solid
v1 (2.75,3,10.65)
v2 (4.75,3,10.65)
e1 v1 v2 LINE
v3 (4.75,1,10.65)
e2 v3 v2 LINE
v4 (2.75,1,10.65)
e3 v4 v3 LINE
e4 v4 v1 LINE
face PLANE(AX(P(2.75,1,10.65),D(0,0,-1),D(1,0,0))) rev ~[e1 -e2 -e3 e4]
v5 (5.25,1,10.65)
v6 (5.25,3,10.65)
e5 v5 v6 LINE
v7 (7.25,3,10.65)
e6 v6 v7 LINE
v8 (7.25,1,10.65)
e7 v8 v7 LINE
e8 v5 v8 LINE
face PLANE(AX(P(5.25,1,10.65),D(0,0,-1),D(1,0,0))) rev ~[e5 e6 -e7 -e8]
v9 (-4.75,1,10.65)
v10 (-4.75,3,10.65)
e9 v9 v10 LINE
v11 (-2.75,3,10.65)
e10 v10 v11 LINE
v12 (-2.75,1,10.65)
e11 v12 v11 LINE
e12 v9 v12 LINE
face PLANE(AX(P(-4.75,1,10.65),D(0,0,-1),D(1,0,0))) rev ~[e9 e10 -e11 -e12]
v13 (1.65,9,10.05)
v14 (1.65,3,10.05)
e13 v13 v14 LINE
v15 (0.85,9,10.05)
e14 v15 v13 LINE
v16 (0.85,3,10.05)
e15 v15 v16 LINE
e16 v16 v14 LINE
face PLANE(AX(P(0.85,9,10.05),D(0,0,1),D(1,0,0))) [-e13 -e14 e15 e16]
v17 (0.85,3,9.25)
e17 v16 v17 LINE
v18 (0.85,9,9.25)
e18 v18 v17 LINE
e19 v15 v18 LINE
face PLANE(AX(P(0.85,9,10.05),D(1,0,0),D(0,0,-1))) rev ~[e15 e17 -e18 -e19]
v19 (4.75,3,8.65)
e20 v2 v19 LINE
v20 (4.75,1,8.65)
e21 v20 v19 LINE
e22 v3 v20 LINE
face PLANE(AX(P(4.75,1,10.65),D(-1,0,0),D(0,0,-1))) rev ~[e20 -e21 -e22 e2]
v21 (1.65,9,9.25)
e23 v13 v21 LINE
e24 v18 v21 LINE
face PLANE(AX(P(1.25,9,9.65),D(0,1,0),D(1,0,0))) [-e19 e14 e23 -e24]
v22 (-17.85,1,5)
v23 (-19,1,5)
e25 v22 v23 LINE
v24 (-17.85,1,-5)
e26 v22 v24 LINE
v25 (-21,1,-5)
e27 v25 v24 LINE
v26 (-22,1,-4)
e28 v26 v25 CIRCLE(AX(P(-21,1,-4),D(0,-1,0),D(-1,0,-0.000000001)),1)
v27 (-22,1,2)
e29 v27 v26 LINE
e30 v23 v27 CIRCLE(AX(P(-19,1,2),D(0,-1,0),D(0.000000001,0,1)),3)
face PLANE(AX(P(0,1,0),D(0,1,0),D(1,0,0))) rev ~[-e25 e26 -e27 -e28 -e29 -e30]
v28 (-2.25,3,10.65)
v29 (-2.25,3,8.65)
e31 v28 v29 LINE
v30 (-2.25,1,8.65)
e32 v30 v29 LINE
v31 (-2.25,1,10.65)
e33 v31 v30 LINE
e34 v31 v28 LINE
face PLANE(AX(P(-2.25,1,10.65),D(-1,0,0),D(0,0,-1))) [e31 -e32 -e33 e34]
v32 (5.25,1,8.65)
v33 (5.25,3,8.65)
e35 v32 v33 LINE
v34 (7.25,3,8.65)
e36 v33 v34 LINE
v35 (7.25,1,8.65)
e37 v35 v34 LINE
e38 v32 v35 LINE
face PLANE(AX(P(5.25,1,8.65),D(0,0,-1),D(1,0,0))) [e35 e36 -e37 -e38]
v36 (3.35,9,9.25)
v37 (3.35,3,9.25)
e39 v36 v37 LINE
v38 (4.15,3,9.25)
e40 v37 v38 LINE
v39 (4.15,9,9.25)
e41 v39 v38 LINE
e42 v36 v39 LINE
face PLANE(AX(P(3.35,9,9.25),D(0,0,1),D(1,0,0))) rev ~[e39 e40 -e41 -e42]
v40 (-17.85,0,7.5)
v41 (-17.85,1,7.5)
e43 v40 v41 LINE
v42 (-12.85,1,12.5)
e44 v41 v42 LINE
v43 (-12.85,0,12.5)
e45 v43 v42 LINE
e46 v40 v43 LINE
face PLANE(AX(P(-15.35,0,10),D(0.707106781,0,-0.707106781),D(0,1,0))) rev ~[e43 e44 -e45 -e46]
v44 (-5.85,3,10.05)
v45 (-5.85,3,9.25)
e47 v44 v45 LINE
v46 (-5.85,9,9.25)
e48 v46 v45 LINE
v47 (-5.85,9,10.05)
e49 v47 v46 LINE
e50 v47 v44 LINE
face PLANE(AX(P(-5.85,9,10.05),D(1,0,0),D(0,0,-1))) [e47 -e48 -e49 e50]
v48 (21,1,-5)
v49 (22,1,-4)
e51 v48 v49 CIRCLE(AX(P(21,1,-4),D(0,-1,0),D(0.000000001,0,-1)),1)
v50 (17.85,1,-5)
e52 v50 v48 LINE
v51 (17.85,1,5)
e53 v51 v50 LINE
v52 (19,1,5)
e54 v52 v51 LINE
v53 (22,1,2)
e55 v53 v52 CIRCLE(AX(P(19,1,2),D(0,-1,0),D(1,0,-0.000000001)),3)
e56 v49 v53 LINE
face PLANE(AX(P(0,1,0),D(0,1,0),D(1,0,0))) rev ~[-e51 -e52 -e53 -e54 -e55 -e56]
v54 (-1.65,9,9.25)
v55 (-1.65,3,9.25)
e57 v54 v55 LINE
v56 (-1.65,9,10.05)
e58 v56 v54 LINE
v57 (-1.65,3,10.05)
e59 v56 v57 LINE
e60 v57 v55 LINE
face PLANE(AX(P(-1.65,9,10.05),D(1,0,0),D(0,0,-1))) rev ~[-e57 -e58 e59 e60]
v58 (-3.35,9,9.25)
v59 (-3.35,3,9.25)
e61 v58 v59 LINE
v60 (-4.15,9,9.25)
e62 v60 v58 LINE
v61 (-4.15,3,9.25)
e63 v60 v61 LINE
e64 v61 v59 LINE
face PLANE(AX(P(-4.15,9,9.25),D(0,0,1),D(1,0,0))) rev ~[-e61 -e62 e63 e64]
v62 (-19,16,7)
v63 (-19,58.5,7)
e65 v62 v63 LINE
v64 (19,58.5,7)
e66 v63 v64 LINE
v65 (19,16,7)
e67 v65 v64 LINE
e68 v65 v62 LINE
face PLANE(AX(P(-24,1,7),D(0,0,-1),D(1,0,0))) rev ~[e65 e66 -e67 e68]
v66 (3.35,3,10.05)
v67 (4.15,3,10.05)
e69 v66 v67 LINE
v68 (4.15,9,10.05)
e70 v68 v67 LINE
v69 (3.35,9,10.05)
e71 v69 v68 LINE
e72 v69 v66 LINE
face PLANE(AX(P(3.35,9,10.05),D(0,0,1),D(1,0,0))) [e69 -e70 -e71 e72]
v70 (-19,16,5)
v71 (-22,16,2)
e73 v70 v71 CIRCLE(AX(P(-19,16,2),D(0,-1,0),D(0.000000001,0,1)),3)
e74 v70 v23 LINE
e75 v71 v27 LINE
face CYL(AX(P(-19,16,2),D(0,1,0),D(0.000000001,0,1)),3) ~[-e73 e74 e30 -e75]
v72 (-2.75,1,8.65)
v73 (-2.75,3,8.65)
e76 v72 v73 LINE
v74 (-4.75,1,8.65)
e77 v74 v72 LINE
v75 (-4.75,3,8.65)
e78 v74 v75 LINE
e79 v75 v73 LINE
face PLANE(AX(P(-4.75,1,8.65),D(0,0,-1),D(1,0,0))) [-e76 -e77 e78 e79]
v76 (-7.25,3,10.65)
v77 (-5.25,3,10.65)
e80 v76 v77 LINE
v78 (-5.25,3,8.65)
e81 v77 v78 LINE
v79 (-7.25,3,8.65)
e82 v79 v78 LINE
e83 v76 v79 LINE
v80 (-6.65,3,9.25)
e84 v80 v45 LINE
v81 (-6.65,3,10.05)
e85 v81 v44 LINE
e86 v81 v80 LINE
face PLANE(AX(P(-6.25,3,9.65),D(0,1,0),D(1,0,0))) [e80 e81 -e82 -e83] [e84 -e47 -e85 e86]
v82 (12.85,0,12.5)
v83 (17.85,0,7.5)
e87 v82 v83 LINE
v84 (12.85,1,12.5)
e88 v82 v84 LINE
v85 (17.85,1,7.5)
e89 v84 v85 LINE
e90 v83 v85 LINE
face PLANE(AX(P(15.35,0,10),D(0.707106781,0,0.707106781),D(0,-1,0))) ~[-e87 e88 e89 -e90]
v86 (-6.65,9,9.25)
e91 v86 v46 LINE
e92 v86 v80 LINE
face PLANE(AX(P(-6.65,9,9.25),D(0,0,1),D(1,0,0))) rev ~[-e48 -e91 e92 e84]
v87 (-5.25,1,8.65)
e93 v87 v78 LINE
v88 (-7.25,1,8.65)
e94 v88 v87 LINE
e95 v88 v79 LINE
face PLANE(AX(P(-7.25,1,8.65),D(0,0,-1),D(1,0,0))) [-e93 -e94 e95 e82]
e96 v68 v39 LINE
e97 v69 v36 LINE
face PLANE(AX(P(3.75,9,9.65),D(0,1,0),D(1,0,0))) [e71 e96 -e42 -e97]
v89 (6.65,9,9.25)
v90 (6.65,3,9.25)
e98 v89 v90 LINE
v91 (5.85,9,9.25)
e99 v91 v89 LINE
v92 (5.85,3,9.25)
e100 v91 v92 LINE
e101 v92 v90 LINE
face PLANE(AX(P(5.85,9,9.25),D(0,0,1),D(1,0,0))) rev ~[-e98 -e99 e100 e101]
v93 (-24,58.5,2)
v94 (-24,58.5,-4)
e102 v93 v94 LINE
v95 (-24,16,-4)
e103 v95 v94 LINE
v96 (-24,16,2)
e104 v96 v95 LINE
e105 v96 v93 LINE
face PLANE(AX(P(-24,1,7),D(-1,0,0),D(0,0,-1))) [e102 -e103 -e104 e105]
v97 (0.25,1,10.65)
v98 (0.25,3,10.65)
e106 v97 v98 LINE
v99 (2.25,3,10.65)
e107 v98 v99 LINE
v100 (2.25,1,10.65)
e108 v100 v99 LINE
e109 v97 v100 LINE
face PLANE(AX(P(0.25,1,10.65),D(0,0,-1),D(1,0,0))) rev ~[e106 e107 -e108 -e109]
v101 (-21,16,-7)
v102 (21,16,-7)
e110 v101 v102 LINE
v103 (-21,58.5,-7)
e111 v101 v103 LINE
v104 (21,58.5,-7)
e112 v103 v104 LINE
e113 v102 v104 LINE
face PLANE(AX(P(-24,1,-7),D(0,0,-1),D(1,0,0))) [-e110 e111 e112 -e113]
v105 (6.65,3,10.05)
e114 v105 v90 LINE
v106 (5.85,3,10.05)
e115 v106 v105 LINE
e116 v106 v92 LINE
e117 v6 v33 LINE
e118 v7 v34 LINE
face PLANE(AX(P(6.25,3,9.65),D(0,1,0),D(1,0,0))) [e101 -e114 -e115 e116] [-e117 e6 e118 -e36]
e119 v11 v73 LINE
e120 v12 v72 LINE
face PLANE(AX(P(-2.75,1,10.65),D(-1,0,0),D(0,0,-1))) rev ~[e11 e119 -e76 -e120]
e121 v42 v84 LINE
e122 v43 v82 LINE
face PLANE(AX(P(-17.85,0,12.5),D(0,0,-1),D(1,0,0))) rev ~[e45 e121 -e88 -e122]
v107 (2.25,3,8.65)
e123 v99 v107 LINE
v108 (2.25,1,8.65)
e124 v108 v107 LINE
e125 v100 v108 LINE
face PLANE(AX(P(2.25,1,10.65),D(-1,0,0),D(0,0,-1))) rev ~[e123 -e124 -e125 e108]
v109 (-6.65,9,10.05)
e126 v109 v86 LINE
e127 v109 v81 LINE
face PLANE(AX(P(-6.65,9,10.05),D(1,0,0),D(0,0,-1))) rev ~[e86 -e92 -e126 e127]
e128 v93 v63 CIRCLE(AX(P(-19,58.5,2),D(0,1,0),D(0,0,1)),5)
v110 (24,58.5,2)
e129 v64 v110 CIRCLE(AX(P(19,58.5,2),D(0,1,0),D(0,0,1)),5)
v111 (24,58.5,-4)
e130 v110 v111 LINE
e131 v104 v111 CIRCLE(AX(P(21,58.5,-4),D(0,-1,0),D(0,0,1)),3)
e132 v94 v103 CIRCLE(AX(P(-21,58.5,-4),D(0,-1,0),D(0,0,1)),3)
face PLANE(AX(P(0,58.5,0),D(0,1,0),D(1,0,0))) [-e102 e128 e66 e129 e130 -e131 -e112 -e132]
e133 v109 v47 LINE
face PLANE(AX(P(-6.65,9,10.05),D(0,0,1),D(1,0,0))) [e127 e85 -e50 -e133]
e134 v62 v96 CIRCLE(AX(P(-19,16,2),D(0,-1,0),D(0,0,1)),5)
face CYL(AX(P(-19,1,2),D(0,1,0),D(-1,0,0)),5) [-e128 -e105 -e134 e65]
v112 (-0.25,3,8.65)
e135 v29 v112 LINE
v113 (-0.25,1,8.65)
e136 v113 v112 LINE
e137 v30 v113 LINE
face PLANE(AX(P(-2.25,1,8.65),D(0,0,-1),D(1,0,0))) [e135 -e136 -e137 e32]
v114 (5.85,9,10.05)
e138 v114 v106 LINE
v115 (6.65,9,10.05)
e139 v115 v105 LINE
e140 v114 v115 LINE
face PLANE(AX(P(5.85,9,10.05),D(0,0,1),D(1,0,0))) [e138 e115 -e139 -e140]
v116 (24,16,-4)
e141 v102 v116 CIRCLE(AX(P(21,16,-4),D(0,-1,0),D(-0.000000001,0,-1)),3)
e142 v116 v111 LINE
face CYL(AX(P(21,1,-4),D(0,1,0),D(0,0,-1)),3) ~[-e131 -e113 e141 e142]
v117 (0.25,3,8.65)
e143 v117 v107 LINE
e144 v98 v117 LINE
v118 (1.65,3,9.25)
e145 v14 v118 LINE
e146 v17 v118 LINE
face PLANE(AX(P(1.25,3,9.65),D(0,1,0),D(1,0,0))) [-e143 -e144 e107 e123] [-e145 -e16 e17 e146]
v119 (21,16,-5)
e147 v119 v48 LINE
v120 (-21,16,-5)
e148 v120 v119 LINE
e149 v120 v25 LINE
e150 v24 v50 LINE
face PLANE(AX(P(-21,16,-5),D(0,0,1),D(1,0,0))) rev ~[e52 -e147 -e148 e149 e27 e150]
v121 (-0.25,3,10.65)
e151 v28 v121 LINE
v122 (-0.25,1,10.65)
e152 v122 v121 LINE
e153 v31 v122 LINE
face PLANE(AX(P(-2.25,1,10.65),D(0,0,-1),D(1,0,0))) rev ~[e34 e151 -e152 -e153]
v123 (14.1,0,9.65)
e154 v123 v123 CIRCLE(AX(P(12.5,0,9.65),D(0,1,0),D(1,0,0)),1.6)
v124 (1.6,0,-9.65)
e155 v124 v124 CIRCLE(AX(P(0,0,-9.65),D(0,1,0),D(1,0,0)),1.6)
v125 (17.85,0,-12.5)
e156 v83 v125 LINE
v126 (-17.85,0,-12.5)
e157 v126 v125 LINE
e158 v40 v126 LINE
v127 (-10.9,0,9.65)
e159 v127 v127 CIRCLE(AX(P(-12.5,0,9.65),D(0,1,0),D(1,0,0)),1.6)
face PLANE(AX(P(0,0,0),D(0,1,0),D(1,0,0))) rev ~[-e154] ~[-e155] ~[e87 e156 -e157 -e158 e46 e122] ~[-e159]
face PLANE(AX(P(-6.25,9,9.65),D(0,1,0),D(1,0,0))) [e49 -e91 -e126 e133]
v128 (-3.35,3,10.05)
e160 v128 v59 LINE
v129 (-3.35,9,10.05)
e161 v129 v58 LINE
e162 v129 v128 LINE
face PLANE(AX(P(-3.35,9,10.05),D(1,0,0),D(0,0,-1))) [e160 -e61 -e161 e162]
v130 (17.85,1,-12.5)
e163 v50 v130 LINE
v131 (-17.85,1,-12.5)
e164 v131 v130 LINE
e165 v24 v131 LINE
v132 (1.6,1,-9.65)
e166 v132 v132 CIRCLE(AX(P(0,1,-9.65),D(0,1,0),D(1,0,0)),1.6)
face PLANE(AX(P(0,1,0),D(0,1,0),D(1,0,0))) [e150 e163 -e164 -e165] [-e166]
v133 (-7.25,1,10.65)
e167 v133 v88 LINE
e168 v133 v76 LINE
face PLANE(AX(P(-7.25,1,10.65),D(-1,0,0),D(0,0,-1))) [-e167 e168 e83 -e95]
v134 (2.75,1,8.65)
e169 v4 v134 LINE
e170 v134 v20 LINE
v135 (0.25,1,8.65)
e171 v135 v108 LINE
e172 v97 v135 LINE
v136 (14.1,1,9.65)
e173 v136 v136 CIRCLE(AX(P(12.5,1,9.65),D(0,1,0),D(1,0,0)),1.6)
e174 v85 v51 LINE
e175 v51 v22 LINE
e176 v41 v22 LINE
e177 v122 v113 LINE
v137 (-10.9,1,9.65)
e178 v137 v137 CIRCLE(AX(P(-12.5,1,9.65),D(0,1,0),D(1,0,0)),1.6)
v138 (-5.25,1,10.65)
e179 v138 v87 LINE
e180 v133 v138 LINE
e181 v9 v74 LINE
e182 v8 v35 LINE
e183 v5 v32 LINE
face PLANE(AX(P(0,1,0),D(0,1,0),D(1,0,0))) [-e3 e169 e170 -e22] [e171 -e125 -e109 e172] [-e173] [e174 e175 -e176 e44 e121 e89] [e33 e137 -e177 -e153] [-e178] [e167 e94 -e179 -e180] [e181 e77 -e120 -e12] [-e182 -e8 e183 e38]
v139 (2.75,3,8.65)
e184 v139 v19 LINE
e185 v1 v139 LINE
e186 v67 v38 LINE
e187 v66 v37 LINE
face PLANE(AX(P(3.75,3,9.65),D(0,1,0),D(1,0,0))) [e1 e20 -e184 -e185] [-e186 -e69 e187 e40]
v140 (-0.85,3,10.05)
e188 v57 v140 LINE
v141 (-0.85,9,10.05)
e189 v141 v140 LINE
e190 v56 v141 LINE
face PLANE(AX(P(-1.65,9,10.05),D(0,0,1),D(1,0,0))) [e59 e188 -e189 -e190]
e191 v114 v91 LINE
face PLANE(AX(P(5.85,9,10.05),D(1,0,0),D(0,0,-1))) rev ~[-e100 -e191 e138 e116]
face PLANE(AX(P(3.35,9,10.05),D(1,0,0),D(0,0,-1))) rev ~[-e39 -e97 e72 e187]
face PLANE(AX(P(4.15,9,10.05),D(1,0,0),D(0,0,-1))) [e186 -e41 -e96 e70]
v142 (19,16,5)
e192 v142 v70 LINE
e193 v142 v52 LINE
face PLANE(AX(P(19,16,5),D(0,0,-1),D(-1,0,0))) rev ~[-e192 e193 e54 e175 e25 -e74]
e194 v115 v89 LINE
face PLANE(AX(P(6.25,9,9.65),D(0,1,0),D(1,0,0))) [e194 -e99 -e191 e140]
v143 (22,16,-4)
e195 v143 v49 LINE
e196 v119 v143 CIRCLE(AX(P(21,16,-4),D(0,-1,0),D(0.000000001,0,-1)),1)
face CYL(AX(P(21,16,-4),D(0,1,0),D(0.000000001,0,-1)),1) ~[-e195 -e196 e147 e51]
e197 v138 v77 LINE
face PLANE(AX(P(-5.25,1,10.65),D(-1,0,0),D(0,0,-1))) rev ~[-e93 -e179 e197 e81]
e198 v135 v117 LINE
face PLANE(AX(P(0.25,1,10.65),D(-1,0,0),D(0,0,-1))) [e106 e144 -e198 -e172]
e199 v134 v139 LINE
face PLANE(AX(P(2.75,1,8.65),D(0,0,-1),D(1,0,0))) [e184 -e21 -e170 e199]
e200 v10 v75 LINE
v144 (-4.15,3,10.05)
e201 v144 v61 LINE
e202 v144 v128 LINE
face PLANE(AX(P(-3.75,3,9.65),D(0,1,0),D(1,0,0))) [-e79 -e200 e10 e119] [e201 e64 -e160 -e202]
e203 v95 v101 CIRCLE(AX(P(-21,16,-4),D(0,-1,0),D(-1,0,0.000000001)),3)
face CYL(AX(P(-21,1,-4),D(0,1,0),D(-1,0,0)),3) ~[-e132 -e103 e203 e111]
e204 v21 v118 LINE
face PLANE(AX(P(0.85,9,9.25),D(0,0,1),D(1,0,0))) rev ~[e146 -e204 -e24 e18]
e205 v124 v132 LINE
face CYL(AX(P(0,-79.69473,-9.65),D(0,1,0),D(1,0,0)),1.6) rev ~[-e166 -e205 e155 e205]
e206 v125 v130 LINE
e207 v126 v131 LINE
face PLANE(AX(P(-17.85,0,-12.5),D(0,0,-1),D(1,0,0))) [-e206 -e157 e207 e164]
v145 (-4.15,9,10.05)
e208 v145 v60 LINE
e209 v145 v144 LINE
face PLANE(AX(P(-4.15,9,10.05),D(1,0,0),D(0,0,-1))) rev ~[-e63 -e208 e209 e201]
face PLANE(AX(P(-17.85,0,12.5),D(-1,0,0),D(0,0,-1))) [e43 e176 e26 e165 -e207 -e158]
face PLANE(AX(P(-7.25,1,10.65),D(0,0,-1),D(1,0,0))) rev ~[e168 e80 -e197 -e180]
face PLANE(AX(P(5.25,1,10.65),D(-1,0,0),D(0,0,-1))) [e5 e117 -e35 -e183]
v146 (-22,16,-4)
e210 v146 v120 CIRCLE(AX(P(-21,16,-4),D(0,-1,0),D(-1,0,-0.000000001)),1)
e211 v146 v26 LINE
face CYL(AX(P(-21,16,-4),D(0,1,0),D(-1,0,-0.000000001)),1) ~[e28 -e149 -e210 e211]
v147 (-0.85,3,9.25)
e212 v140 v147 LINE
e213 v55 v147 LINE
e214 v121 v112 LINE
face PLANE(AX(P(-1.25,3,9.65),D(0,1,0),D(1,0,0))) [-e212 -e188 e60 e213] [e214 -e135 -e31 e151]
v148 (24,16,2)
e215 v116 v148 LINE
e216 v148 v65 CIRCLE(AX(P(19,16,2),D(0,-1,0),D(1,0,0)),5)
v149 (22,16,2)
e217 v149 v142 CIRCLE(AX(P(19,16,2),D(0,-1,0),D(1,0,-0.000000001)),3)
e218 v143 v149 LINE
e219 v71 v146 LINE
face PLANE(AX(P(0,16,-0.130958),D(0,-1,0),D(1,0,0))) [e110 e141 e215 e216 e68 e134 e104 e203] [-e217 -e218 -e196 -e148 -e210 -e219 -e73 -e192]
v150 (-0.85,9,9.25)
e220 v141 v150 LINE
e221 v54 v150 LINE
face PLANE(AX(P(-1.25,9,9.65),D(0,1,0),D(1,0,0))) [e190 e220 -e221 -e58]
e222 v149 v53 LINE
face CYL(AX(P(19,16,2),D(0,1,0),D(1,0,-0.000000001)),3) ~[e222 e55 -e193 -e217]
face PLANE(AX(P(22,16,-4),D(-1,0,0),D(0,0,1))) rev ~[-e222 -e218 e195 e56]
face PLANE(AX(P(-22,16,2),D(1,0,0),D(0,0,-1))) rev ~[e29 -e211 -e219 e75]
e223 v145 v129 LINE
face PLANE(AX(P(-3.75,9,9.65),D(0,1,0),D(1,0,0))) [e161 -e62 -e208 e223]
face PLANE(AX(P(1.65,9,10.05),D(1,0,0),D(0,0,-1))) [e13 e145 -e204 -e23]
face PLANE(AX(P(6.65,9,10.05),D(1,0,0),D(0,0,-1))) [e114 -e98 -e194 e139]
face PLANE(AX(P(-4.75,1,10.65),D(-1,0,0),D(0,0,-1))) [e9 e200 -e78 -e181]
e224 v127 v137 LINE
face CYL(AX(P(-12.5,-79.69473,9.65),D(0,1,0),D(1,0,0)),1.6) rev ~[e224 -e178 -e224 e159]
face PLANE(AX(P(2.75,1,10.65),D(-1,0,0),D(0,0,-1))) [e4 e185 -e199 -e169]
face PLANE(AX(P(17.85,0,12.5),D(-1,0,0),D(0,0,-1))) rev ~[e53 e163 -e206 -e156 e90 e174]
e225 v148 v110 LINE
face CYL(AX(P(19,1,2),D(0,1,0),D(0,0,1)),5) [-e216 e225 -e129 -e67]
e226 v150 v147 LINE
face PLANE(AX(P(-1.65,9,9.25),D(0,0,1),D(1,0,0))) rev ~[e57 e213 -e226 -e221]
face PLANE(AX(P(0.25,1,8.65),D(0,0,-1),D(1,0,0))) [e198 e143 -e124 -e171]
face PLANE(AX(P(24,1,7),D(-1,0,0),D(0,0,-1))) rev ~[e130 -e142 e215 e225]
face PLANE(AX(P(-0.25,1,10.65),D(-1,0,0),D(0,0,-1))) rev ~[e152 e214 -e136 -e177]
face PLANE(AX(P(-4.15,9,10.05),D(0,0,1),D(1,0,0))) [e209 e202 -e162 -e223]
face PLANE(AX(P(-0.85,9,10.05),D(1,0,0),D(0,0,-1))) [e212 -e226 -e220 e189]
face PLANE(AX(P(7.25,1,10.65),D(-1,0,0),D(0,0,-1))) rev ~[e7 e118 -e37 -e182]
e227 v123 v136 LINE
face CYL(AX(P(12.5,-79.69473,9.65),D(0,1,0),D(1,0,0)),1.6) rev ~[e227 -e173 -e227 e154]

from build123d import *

# Parameters (mm, degrees)
SKETCH_1_W          = 35.7
SKETCH_1_H          = 25
EXTRUDE_1_DEPTH     = 1
SKETCH_2_W          = 48
SKETCH_2_H          = 14
EXTRUDE_2_DEPTH     = 57.5
FILLET_1_R          = 3
FILLET_2_R          = 5
CHAMFER_1_SIZE      = 5
HOLE_WIZARD_M3_1_D  = 3.2
CUT_EXTRUDE_START   = -15
CUT_EXTRUDE_1_DEPTH = 15
SKETCH_6_W          = 2
SKETCH_6_H          = 2
EXTRUDE_3_DEPTH     = 8
SKETCH_7_W          = 2
SKETCH_7_H          = 2
SKETCH_7_W_2        = 0.8
SKETCH_7_H_2        = 0.8
CUT_EXTRUDE_2_DEPTH = 6


with BuildPart() as part:
    # 草图1 → 凸台-拉伸1 (new body)
    with BuildSketch(Plane(origin=(0, 0, 0), x_dir=(1, 0, 0), z_dir=(0, 1, 0))):
        Rectangle(SKETCH_1_W, SKETCH_1_H)
    extrude(amount=EXTRUDE_1_DEPTH)

    # 草图2 → 凸台-拉伸2 (add)
    with BuildSketch(Plane(origin=(0, 1, 0), x_dir=(1, 0, 0), z_dir=(0, 1, 0))):
        Rectangle(SKETCH_2_W, SKETCH_2_H)
    extrude(amount=EXTRUDE_2_DEPTH)

    # 圆角1
    fillet_1_edges = [part.edges().sort_by_distance(p)[0] for p in [
        (-24, 29.75, -7),
        (24, 29.75, -7),
    ]]
    fillet(fillet_1_edges, radius=FILLET_1_R)

    # 圆角2
    fillet_2_edges = [part.edges().sort_by_distance(p)[0] for p in [
        (-24, 29.75, 7),
        (24, 29.75, 7),
    ]]
    fillet(fillet_2_edges, radius=FILLET_2_R)

    # 倒角1
    chamfer_1_edges = [part.edges().sort_by_distance(p)[0] for p in [
        (17.85, 0.5, 12.5),
        (-17.85, 0.5, 12.5),
    ]]
    chamfer(chamfer_1_edges, length=CHAMFER_1_SIZE)

    # M3 间隙孔1 (through all)
    with Locations(Plane(origin=(0, 0, 0), x_dir=(-1, 0, 0), z_dir=(0, -1, 0))):
        with Locations((0, 9.65), (-12.5, -9.65), (12.5, -9.65)):
            Hole(HOLE_WIZARD_M3_1_D / 2)

    # 草图5 → 切除-拉伸1 (cut)
    with BuildSketch(Plane.XZ.offset(-1).offset(CUT_EXTRUDE_START)):
        with BuildLine():
            Line((-24, 2), (-24, -4))
            ThreePointArc((-24, -4), (-23.121320344, -6.121320344), (-21, -7))
            Line((-21, -7), (21, -7))
            ThreePointArc((21, -7), (23.121320344, -6.121320344), (24, -4))
            Line((24, -4), (24, 2))
            ThreePointArc((24, 2), (22.535533906, 5.535533906), (19, 7))
            Line((19, 7), (-19, 7))
            ThreePointArc((-19, 7), (-22.535533906, 5.535533906), (-24, 2))
        make_face()
        with BuildLine():
            Line((-22, 2), (-22, -4))
            ThreePointArc((-22, -4), (-21.707106781, -4.707106781), (-21, -5))
            Line((-21, -5), (21, -5))
            ThreePointArc((21, -5), (21.707106781, -4.707106781), (22, -4))
            Line((22, -4), (22, 2))
            ThreePointArc((22, 2), (21.121320344, 4.121320344), (19, 5))
            Line((19, 5), (-19, 5))
            ThreePointArc((-19, 5), (-21.121320344, 4.121320344), (-22, 2))
        make_face(mode=Mode.SUBTRACT)
    extrude(amount=CUT_EXTRUDE_1_DEPTH, mode=Mode.SUBTRACT)

    # 草图6 → 凸台-拉伸3 (add)
    with BuildSketch(Plane(origin=(0, 1, 0), x_dir=(1, 0, 0), z_dir=(0, 1, 0))):
        with Locations((1.25, -9.65)):
            Rectangle(SKETCH_6_W, SKETCH_6_H)
        with Locations((-1.25, -9.65)):
            Rectangle(SKETCH_6_W, SKETCH_6_H)
        with Locations((-3.75, -9.65)):
            Rectangle(SKETCH_6_W, SKETCH_6_H)
        with Locations((-6.25, -9.65)):
            Rectangle(SKETCH_6_W, SKETCH_6_H)
        with Locations((6.25, -9.65)):
            Rectangle(SKETCH_6_W, SKETCH_6_H)
        with Locations((3.75, -9.65)):
            Rectangle(SKETCH_6_W, SKETCH_6_H)
    extrude(amount=EXTRUDE_3_DEPTH)

    # 草图7 → 切除-拉伸2 (cut)
    # profile 1 of 6: a face of its own
    with BuildSketch(Plane(origin=(0, 9, 0), x_dir=(1, 0, 0), z_dir=(0, 1, 0))):
        with Locations((-6.25, -9.65)):
            Rectangle(SKETCH_7_W, SKETCH_7_H)
        with Locations((-6.25, -9.65)):
            Rectangle(SKETCH_7_W_2, SKETCH_7_H_2, mode=Mode.SUBTRACT)
    # profile 2 of 6: a face of its own
    with BuildSketch(Plane(origin=(0, 9, 0), x_dir=(1, 0, 0), z_dir=(0, 1, 0))):
        with Locations((6.25, -9.65)):
            Rectangle(SKETCH_7_W, SKETCH_7_H)
        with Locations((6.25, -9.65)):
            Rectangle(SKETCH_7_W_2, SKETCH_7_H_2, mode=Mode.SUBTRACT)
    # profile 3 of 6: a face of its own
    with BuildSketch(Plane(origin=(0, 9, 0), x_dir=(1, 0, 0), z_dir=(0, 1, 0))):
        with Locations((3.75, -9.65)):
            Rectangle(SKETCH_7_W, SKETCH_7_H)
        with Locations((3.75, -9.65)):
            Rectangle(SKETCH_7_W_2, SKETCH_7_H_2, mode=Mode.SUBTRACT)
    # profile 4 of 6: a face of its own
    with BuildSketch(Plane(origin=(0, 9, 0), x_dir=(1, 0, 0), z_dir=(0, 1, 0))):
        with Locations((1.25, -9.65)):
            Rectangle(SKETCH_7_W, SKETCH_7_H)
        with Locations((1.25, -9.65)):
            Rectangle(SKETCH_7_W_2, SKETCH_7_H_2, mode=Mode.SUBTRACT)
    # profile 5 of 6: a face of its own
    with BuildSketch(Plane(origin=(0, 9, 0), x_dir=(1, 0, 0), z_dir=(0, 1, 0))):
        with Locations((-1.25, -9.65)):
            Rectangle(SKETCH_7_W, SKETCH_7_H)
        with Locations((-1.25, -9.65)):
            Rectangle(SKETCH_7_W_2, SKETCH_7_H_2, mode=Mode.SUBTRACT)
    # profile 6 of 6: a face of its own
    with BuildSketch(Plane(origin=(0, 9, 0), x_dir=(1, 0, 0), z_dir=(0, 1, 0))):
        with Locations((-3.75, -9.65)):
            Rectangle(SKETCH_7_W, SKETCH_7_H)
        with Locations((-3.75, -9.65)):
            Rectangle(SKETCH_7_W_2, SKETCH_7_H_2, mode=Mode.SUBTRACT)
    extrude(amount=-CUT_EXTRUDE_2_DEPTH, mode=Mode.SUBTRACT)


solid = part.part
